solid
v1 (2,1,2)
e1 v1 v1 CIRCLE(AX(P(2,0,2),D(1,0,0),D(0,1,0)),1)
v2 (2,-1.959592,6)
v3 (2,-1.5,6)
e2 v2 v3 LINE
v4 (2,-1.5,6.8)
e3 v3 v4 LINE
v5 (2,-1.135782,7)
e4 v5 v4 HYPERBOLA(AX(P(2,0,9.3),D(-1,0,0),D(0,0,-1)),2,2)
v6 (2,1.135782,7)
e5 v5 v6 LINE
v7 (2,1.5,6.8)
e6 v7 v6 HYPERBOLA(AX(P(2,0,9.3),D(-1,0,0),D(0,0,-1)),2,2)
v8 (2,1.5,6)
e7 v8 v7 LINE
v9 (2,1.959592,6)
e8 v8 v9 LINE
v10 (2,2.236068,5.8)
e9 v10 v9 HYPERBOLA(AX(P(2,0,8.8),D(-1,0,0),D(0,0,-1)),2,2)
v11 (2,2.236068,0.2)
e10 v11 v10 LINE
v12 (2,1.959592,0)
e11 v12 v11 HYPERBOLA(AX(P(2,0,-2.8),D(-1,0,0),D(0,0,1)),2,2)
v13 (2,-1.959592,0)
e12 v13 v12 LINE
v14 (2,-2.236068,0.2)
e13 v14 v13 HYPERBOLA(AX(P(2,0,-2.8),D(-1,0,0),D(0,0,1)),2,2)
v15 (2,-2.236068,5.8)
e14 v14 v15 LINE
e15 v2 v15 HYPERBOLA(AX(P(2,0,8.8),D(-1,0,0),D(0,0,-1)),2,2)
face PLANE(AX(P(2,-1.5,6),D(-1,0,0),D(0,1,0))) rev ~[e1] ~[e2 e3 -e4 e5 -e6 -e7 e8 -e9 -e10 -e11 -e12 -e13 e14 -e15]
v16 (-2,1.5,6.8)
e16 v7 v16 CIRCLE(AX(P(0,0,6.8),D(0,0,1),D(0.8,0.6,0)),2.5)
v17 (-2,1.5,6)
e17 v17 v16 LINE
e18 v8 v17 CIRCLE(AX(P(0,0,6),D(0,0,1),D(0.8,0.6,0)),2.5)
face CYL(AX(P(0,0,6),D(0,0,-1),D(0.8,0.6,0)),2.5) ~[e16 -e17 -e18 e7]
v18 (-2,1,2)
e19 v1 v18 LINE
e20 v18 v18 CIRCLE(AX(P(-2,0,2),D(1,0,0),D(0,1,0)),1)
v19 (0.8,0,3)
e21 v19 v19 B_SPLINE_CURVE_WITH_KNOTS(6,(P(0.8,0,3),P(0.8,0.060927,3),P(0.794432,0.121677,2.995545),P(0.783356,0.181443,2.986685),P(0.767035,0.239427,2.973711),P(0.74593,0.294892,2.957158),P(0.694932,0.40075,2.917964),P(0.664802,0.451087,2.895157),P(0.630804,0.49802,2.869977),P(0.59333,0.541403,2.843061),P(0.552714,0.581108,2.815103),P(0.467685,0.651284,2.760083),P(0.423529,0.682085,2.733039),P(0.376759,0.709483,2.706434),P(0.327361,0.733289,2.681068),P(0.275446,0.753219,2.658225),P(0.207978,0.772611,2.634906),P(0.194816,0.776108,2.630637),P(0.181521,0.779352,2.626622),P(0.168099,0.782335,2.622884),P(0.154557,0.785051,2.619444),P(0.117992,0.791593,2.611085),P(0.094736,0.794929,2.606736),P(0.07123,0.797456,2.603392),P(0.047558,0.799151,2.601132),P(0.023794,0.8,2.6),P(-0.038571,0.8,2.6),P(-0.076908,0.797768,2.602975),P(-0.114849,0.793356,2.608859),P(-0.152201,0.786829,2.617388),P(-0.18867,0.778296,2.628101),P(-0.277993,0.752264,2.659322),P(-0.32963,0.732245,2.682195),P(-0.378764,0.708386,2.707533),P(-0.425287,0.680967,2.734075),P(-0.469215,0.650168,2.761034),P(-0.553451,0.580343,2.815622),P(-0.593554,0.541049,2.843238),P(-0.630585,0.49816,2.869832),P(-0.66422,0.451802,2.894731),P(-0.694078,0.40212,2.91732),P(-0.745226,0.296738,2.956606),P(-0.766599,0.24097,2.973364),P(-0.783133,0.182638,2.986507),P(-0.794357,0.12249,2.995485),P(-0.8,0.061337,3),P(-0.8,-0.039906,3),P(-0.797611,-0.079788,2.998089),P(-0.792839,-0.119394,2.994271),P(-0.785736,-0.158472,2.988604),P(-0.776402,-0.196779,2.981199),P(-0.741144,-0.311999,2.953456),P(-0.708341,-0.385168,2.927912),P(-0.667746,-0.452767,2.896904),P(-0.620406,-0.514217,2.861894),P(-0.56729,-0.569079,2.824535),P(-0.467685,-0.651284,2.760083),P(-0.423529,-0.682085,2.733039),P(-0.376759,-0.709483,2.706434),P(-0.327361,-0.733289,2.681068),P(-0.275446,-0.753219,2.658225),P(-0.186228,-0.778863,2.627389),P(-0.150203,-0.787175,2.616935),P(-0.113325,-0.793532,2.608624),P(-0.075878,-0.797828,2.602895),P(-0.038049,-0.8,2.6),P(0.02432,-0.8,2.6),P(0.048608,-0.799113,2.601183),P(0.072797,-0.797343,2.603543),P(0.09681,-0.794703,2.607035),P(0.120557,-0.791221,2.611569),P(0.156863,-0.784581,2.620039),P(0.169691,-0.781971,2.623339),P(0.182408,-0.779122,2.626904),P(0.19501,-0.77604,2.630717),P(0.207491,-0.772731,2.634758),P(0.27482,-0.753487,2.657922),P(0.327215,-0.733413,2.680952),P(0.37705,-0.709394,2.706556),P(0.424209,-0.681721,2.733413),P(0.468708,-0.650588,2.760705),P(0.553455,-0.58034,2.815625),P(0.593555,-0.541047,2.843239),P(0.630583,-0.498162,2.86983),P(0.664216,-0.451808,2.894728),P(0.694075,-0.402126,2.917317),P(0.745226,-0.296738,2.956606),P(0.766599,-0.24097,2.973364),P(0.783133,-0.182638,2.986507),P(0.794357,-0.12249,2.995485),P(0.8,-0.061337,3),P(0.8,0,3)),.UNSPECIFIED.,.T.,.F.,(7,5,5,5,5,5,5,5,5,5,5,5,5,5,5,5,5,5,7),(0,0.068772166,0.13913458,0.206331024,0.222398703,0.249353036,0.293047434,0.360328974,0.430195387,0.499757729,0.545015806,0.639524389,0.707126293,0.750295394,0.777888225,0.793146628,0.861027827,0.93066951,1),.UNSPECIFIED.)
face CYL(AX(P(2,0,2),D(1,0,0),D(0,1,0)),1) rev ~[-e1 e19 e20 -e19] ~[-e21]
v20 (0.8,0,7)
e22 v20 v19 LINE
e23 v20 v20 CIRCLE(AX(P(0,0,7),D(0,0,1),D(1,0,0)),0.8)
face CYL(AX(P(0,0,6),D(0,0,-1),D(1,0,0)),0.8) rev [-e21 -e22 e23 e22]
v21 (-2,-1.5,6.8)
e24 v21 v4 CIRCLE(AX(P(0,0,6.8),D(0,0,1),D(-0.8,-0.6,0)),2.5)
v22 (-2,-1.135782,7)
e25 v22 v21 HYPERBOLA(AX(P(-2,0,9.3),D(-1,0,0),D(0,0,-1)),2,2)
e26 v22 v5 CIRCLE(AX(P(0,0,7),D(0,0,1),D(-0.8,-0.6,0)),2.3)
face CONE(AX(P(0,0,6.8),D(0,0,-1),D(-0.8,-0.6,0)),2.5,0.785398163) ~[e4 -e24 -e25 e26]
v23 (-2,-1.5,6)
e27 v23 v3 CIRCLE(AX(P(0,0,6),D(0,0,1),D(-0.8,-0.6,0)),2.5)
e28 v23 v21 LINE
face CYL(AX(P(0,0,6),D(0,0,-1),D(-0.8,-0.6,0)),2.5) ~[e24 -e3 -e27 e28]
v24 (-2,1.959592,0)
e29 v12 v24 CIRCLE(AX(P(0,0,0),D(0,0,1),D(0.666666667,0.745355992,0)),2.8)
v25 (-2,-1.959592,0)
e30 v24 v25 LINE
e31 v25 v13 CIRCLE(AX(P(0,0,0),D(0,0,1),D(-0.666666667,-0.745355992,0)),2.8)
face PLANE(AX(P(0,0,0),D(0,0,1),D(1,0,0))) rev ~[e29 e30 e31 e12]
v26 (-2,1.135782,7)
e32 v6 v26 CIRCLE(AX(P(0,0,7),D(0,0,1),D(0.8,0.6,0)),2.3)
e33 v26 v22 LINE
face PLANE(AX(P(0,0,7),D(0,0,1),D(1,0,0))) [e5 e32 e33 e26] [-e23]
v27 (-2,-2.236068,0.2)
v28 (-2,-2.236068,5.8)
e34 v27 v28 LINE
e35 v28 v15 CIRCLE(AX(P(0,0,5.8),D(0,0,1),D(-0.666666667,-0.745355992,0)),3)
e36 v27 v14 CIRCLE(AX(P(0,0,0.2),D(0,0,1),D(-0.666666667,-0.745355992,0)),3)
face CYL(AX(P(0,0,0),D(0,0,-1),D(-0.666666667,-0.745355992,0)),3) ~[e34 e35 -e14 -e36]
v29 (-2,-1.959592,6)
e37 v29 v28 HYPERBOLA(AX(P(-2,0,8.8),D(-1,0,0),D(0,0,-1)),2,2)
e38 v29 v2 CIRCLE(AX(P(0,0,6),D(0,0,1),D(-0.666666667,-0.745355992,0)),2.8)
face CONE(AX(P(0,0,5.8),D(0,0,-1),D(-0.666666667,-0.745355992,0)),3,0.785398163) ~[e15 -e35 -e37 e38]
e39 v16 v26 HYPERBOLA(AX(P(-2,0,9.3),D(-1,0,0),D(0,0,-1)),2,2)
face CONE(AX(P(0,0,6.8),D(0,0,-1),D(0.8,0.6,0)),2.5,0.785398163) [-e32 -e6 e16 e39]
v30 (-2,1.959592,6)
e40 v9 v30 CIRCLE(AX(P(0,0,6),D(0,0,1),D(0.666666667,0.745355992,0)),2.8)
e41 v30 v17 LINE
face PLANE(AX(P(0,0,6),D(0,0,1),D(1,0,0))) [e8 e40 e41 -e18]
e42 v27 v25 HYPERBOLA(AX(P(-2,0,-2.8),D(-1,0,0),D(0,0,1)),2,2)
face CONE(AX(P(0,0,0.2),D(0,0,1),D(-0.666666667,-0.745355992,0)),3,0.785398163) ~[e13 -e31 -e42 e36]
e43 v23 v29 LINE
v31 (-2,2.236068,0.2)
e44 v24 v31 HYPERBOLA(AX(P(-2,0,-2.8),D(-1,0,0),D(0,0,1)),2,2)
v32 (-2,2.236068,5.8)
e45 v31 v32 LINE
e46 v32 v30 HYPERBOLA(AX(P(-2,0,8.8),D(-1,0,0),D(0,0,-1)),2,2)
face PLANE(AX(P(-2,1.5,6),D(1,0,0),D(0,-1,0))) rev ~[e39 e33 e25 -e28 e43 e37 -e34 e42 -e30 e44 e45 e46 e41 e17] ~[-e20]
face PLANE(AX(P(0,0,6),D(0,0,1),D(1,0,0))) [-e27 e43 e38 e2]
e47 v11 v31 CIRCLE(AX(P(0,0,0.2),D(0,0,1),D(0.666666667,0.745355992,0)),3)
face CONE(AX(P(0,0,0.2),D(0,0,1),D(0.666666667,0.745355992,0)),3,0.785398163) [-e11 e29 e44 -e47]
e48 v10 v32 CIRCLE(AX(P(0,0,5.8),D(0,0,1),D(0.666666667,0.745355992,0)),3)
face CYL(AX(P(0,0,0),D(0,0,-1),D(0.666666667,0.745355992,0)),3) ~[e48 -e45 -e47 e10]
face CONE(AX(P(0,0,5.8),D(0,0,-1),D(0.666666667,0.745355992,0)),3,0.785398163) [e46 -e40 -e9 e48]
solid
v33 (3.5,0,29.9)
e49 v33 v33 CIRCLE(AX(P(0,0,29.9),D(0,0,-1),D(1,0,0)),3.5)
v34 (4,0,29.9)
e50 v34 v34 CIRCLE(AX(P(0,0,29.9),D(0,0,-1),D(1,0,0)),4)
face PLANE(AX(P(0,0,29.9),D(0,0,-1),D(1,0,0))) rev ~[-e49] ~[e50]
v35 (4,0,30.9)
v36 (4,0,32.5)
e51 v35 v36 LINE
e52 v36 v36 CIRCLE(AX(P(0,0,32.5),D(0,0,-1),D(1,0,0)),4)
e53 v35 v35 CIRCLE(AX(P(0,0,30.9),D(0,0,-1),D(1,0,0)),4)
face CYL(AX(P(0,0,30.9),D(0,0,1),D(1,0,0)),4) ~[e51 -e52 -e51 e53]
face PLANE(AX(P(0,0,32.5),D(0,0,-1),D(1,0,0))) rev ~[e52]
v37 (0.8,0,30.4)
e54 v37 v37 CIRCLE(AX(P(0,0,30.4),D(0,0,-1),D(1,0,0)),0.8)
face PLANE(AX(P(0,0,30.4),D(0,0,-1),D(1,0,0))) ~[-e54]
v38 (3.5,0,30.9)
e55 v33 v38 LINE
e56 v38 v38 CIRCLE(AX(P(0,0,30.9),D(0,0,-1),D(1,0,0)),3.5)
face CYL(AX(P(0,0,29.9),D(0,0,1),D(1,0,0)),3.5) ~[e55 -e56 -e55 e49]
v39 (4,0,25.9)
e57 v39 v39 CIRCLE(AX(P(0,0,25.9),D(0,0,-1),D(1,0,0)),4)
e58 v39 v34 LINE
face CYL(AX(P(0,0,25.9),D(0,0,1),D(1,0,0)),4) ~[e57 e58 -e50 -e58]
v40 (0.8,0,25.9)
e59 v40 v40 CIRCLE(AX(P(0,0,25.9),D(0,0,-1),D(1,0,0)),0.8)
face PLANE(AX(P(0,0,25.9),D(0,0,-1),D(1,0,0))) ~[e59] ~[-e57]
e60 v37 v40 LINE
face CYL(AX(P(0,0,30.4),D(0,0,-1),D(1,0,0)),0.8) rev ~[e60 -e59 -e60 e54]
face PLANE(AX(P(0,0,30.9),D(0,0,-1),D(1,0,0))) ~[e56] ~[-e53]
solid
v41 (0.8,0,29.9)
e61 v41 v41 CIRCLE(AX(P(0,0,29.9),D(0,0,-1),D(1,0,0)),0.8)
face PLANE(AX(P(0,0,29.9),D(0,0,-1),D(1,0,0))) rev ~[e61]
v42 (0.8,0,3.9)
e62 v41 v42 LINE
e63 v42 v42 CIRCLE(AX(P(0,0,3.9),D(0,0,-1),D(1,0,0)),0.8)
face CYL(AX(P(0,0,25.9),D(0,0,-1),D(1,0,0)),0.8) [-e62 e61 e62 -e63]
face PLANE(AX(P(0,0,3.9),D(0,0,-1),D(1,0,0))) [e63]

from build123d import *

# Parameters (mm, degrees)
F2_R          = 0.8
F3_DEPTH      = 22
F3_DEPTH_BACK = 4
F5_DEPTH      = 6
F6_R          = 0.8
F7_DEPTH      = 4
F8_DEPTH      = 1
F9_SIZE       = 0.2
F10_R         = 1
F11_DEPTH     = 6.001


with BuildPart() as f1:
    # F0 (on Front) → F1 (revolve)
    with BuildSketch(Plane.XZ):
        Polygon((4, 32.5), (0, 32.5), (0, 30.4), (0.8, 30.4), (0.8, 25.9), (4, 25.9), (4, 29.9), (3.5, 29.9), (3.5, 30.9), (4, 30.9), align=None)
    revolve(axis=Axis((0, 0, 1.0303046881), (0, 0, -1)))


with BuildPart() as f3:
    # F2 (on face) → F3 (new body, two sides)
    with BuildSketch(Plane(origin=(0, 0, 25.9), x_dir=(1, 0, 0), z_dir=(0, 0, -1))) as f3_sk:
        Circle(F2_R)
    extrude(amount=F3_DEPTH)
    extrude(f3_sk.sketch, amount=-F3_DEPTH_BACK)


with BuildPart() as f5:
    # F4 (on Top) → F5 (new body)
    with BuildSketch(Plane.XY):
        with BuildLine():
            Line((2, -2.2360679775), (2, 2.2360679775))
            ThreePointArc((2, 2.2360679775), (0, 3), (-2, 2.2360679775))
            Line((-2, 2.2360679775), (-2, -2.2360679775))
            ThreePointArc((-2, -2.2360679775), (0, -3), (2, -2.2360679775))
        make_face()
    extrude(amount=F5_DEPTH)

    # F6 (on face) → F7 (cut)
    with BuildSketch(Plane.XY.offset(6)):
        Circle(F6_R)
    extrude(amount=-F7_DEPTH, mode=Mode.SUBTRACT)

    # F6 (on face) → F8 (join)
    with BuildSketch(Plane.XY.offset(6)):
        with BuildLine():
            ThreePointArc((2, 1.5), (0, 2.5), (-2, 1.5))
            Line((-2, 1.5), (-2, -1.5))
            ThreePointArc((-2, -1.5), (0, -2.5), (2, -1.5))
            Line((2, -1.5), (2, 1.5))
        make_face()
        Circle(F6_R, mode=Mode.SUBTRACT)
    extrude(amount=F8_DEPTH)

    # F9
    f9_edges = [f5.edges().sort_by_distance(p)[0] for p in [
        (0, -3, 6),
        (0, -2.5, 7),
        (0, 3, 6),
        (0, 2.5, 7),
        (0, -3, 0),
        (0, 3, 0),
    ]]
    chamfer(f9_edges, length=F9_SIZE)

    # F10 (on face) → F11 (cut, through all)
    with BuildSketch(Plane.YZ.offset(2)):
        with Locations((0, 2)):
            Circle(F10_R)
    extrude(amount=-F11_DEPTH, mode=Mode.SUBTRACT)


solid = Compound([f1.part, f3.part, f5.part])
